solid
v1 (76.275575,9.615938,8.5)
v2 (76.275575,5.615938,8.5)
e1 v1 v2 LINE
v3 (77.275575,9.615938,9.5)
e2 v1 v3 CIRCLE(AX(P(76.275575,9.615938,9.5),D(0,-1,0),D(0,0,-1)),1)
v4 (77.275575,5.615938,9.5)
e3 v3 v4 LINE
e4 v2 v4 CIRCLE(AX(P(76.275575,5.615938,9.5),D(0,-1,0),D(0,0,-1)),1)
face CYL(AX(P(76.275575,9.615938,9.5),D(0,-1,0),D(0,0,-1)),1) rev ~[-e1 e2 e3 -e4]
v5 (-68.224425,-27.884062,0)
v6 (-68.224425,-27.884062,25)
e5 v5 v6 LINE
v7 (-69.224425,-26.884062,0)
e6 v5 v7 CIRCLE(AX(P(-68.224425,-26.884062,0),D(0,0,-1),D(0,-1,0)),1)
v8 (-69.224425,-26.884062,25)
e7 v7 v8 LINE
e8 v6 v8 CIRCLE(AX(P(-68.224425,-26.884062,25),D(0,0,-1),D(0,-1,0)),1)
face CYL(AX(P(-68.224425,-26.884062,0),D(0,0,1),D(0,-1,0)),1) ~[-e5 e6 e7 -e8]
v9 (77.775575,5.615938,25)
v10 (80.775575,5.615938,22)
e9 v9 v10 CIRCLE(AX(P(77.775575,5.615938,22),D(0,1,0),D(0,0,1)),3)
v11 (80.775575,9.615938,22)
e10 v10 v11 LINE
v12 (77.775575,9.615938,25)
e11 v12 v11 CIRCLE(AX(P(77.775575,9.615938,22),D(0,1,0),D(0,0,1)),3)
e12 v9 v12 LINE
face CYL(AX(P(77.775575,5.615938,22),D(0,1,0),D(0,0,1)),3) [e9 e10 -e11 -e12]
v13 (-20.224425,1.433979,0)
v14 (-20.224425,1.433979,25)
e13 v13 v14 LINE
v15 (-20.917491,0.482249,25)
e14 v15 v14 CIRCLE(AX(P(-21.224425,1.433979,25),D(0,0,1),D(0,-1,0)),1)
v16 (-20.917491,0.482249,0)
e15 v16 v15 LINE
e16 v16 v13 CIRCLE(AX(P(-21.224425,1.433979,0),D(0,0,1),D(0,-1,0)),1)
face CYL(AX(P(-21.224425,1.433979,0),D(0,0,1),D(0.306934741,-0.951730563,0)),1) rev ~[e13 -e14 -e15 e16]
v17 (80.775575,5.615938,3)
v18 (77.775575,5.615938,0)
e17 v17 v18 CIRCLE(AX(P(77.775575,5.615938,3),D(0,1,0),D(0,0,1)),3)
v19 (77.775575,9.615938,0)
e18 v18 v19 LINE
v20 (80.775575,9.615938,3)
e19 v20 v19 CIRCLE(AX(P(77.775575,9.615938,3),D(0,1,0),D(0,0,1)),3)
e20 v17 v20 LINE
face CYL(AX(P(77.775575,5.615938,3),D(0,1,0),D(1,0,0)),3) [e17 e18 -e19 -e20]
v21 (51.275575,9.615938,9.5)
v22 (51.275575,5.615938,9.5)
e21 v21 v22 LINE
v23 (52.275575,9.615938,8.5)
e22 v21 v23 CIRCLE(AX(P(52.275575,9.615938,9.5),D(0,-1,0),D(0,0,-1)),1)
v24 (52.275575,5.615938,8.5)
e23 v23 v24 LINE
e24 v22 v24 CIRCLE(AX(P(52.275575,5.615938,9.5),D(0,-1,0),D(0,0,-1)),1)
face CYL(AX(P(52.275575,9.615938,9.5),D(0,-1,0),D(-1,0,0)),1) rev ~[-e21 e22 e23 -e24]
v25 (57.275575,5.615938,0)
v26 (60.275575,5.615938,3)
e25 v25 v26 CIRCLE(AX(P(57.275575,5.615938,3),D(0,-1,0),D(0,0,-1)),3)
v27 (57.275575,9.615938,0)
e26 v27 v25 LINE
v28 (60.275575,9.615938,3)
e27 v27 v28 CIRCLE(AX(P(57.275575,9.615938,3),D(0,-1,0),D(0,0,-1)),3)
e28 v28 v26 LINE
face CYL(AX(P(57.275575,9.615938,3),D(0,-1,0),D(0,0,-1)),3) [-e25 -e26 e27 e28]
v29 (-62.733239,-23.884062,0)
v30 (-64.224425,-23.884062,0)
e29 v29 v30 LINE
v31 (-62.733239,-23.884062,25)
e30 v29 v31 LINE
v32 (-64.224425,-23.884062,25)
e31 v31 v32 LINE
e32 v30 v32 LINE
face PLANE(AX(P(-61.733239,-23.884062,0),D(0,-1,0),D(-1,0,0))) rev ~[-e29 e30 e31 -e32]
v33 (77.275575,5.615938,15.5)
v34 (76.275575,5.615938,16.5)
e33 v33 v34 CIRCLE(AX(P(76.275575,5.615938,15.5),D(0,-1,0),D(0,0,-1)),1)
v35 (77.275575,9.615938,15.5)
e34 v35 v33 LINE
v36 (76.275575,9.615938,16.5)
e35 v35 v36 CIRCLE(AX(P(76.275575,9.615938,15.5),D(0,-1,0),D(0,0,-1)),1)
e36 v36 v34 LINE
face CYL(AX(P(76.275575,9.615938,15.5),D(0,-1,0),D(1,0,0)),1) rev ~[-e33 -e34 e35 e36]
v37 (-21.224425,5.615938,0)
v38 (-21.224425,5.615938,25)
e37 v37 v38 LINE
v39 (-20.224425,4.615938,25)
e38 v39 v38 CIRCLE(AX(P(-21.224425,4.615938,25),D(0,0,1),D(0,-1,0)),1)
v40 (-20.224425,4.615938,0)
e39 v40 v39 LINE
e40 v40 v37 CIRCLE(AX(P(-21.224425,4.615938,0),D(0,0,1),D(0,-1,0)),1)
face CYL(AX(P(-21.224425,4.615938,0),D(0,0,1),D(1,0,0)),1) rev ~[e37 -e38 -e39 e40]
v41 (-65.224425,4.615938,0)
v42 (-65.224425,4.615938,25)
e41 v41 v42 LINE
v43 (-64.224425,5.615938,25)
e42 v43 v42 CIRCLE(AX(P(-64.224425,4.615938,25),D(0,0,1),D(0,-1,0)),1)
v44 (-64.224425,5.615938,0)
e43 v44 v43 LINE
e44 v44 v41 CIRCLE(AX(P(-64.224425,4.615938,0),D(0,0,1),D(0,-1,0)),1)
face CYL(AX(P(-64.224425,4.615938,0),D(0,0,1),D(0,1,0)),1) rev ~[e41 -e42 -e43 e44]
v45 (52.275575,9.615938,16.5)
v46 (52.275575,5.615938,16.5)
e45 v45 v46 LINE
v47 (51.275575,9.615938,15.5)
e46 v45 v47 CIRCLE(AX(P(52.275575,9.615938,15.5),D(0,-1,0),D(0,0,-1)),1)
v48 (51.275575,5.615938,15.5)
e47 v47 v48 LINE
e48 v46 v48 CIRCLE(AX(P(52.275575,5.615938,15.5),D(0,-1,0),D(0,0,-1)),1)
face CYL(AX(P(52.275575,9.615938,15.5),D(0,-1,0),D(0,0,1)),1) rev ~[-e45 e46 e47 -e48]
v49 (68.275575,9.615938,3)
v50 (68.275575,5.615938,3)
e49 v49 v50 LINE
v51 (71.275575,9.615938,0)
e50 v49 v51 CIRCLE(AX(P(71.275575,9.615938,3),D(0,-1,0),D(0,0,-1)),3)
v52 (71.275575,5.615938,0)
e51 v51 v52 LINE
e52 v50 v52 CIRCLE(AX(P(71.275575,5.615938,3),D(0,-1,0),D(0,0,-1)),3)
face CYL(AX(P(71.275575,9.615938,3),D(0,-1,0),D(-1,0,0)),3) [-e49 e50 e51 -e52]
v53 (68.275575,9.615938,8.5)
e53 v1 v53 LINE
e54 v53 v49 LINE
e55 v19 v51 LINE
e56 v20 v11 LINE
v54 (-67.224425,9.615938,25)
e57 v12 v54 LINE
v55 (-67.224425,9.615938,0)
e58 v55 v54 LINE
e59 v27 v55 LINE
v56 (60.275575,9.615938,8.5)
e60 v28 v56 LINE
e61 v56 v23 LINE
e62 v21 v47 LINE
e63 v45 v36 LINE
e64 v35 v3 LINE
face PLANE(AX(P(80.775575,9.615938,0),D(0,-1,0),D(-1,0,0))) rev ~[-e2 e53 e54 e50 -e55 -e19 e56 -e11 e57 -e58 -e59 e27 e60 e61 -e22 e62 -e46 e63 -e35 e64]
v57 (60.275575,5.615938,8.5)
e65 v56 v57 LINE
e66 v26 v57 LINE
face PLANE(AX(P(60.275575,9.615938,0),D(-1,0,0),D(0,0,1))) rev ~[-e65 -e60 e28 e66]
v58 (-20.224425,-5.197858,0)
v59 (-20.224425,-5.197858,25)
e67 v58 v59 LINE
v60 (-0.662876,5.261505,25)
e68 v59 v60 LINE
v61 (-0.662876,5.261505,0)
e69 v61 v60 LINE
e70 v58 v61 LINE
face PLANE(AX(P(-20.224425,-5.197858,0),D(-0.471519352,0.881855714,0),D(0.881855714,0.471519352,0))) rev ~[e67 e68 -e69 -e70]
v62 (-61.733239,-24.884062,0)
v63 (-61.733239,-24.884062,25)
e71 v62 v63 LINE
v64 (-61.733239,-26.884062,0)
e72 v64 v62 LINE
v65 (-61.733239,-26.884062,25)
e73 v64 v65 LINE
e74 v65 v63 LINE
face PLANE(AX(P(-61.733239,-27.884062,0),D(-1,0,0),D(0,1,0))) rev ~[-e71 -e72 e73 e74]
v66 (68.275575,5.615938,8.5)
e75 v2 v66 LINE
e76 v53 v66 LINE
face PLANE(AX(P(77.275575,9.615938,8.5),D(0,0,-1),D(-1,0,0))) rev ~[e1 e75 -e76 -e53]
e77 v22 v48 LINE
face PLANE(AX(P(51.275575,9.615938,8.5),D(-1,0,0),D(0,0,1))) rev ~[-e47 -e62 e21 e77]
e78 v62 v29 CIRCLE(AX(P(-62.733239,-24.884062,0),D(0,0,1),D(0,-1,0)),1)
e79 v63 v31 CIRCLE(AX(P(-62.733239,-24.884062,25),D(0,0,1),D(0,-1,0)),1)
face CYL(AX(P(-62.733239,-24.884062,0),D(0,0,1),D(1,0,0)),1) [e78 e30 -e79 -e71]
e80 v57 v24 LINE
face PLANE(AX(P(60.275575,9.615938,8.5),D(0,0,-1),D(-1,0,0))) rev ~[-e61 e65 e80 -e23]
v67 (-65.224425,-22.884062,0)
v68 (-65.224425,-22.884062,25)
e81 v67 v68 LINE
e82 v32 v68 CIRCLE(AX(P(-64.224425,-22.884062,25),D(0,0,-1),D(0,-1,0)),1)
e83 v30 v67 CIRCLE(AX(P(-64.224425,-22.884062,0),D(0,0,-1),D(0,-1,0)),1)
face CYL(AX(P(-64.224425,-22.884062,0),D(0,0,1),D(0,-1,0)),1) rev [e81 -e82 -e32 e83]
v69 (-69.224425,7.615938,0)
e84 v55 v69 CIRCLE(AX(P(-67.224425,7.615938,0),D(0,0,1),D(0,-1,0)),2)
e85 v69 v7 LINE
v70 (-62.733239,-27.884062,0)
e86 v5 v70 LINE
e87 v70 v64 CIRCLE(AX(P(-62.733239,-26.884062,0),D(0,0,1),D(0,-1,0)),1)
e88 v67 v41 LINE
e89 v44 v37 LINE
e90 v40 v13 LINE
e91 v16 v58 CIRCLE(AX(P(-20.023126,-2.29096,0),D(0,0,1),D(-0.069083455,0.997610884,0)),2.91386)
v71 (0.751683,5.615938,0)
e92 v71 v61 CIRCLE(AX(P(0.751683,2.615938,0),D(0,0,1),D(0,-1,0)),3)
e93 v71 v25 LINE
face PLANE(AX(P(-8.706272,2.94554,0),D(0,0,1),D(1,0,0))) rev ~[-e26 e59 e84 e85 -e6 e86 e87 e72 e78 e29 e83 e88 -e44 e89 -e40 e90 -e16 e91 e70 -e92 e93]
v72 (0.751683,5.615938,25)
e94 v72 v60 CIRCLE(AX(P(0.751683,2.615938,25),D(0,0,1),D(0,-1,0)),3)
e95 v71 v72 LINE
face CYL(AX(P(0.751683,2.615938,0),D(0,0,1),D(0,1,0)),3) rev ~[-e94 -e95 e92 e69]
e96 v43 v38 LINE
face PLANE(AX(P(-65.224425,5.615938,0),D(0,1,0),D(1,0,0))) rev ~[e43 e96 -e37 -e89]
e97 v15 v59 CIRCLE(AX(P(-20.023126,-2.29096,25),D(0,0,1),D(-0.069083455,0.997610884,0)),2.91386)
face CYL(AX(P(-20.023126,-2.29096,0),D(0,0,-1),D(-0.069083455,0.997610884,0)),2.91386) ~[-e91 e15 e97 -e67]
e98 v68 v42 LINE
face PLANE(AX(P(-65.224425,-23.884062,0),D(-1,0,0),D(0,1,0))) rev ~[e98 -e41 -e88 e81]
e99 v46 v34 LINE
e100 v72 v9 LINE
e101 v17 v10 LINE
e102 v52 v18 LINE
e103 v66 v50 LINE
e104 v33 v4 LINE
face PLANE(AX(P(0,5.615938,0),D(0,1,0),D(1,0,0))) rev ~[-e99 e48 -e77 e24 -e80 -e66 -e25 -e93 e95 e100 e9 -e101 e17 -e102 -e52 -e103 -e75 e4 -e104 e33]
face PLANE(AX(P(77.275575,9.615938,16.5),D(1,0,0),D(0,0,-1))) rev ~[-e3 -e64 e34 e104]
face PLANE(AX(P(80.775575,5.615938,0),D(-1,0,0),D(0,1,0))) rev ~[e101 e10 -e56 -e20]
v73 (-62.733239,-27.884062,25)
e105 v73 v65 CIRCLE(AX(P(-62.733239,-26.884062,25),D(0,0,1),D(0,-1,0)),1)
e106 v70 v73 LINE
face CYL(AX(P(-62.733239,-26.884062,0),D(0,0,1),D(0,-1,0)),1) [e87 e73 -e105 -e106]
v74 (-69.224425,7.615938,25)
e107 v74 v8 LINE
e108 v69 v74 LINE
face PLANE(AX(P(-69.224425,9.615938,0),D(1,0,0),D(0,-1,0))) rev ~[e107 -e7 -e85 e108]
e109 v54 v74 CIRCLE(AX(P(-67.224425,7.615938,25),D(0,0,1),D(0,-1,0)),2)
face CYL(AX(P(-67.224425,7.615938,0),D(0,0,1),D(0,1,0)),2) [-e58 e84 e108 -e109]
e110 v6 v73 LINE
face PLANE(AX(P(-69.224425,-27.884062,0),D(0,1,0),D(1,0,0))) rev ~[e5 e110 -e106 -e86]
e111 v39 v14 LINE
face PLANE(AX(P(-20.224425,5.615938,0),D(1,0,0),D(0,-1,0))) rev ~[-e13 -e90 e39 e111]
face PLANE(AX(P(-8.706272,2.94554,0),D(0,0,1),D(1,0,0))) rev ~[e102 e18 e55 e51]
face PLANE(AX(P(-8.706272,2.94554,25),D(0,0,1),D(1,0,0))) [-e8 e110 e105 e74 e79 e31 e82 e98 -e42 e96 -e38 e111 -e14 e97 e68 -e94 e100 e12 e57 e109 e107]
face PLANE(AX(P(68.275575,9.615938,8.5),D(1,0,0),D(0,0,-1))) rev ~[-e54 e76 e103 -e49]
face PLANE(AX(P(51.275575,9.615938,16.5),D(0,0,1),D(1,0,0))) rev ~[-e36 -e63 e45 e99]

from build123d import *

# Parameters (mm, degrees)
F1_DEPTH = 25
F3_DEPTH = 37.501
F4_R     = 1
F5_R     = 3
F6_R     = 2


with BuildPart() as f1:
    # F0 (on Top) → F1 (new body)
    with BuildSketch(Plane.XY):
        with BuildLine():
            Line((-69.2244253872, -27.8840622671), (-61.7332391261, -27.8840622671))
            Line((-61.7332391261, -27.8840622671), (-61.7332391261, -23.8840622671))
            Line((-61.7332391261, -23.8840622671), (-65.2244253872, -23.8840622671))
            Line((-65.2244253872, -23.8840622671), (-65.2244253872, 5.6159377329))
            Line((-65.2244253872, 5.6159377329), (-20.2244253872, 5.6159377329))
            Line((-20.2244253872, 5.6159377329), (-20.2244253872, 0.6159377329))
            ThreePointArc((-20.2244253872, 0.6159377329), (-22.9369855286, -2.2909603525), (-20.2244253872, -5.1978584379))
            Line((-20.2244253872, -5.1978584379), (0, 5.6159377329))
            Line((0, 5.6159377329), (80.7755746128, 5.6159377329))
            Line((80.7755746128, 5.6159377329), (80.7755746128, 9.6159377329))
            Line((80.7755746128, 9.6159377329), (-69.2244253872, 9.6159377329))
            Line((-69.2244253872, 9.6159377329), (-69.2244253872, -27.8840622671))
        make_face()
    extrude(amount=F1_DEPTH)

    # F2 (on face) → F3 (cut, through all)
    with BuildSketch(Plane(origin=(0, 9.6159377329, 0), x_dir=(-1, 0, 0), z_dir=(0, 1, 0))):
        Polygon((-68.2755746128, 8.5), (-68.2755746128, 0), (-60.2755746128, 0), (-60.2755746128, 8.5), (-51.2755746128, 8.5), (-51.2755746128, 16.5), (-77.2755746128, 16.5), (-77.2755746128, 8.5), align=None)
    extrude(amount=-F3_DEPTH, mode=Mode.SUBTRACT)

    # F4
    f4_edges = [f1.edges().sort_by_distance(p)[0] for p in [
        (77.275575, 7.615938, 16.5),
        (77.275575, 7.615938, 8.5),
        (51.275575, 7.615938, 16.5),
        (51.275575, 7.615938, 8.5),
        (-65.224425, 5.615938, 12.5),
        (-20.224425, 5.615938, 12.5),
        (-20.224425, 0.615938, 12.5),
        (-65.224425, -23.884062, 12.5),
        (-61.733239, -23.884062, 12.5),
        (-61.733239, -27.884062, 12.5),
        (-69.224425, -27.884062, 12.5),
    ]]
    fillet(f4_edges, radius=F4_R)

    # F5
    f5_edges = [f1.edges().sort_by_distance(p)[0] for p in [
        (80.775575, 7.615938, 0),
        (80.775575, 7.615938, 25),
        (68.275575, 7.615938, 0),
        (60.275575, 7.615938, 0),
        (0, 5.615938, 12.5),
    ]]
    fillet(f5_edges, radius=F5_R)

    # F6
    f6_edges = [f1.edges().sort_by_distance(p)[0] for p in [
        (-69.224425, 9.615938, 12.5),
    ]]
    fillet(f6_edges, radius=F6_R)


solid = f1.part
